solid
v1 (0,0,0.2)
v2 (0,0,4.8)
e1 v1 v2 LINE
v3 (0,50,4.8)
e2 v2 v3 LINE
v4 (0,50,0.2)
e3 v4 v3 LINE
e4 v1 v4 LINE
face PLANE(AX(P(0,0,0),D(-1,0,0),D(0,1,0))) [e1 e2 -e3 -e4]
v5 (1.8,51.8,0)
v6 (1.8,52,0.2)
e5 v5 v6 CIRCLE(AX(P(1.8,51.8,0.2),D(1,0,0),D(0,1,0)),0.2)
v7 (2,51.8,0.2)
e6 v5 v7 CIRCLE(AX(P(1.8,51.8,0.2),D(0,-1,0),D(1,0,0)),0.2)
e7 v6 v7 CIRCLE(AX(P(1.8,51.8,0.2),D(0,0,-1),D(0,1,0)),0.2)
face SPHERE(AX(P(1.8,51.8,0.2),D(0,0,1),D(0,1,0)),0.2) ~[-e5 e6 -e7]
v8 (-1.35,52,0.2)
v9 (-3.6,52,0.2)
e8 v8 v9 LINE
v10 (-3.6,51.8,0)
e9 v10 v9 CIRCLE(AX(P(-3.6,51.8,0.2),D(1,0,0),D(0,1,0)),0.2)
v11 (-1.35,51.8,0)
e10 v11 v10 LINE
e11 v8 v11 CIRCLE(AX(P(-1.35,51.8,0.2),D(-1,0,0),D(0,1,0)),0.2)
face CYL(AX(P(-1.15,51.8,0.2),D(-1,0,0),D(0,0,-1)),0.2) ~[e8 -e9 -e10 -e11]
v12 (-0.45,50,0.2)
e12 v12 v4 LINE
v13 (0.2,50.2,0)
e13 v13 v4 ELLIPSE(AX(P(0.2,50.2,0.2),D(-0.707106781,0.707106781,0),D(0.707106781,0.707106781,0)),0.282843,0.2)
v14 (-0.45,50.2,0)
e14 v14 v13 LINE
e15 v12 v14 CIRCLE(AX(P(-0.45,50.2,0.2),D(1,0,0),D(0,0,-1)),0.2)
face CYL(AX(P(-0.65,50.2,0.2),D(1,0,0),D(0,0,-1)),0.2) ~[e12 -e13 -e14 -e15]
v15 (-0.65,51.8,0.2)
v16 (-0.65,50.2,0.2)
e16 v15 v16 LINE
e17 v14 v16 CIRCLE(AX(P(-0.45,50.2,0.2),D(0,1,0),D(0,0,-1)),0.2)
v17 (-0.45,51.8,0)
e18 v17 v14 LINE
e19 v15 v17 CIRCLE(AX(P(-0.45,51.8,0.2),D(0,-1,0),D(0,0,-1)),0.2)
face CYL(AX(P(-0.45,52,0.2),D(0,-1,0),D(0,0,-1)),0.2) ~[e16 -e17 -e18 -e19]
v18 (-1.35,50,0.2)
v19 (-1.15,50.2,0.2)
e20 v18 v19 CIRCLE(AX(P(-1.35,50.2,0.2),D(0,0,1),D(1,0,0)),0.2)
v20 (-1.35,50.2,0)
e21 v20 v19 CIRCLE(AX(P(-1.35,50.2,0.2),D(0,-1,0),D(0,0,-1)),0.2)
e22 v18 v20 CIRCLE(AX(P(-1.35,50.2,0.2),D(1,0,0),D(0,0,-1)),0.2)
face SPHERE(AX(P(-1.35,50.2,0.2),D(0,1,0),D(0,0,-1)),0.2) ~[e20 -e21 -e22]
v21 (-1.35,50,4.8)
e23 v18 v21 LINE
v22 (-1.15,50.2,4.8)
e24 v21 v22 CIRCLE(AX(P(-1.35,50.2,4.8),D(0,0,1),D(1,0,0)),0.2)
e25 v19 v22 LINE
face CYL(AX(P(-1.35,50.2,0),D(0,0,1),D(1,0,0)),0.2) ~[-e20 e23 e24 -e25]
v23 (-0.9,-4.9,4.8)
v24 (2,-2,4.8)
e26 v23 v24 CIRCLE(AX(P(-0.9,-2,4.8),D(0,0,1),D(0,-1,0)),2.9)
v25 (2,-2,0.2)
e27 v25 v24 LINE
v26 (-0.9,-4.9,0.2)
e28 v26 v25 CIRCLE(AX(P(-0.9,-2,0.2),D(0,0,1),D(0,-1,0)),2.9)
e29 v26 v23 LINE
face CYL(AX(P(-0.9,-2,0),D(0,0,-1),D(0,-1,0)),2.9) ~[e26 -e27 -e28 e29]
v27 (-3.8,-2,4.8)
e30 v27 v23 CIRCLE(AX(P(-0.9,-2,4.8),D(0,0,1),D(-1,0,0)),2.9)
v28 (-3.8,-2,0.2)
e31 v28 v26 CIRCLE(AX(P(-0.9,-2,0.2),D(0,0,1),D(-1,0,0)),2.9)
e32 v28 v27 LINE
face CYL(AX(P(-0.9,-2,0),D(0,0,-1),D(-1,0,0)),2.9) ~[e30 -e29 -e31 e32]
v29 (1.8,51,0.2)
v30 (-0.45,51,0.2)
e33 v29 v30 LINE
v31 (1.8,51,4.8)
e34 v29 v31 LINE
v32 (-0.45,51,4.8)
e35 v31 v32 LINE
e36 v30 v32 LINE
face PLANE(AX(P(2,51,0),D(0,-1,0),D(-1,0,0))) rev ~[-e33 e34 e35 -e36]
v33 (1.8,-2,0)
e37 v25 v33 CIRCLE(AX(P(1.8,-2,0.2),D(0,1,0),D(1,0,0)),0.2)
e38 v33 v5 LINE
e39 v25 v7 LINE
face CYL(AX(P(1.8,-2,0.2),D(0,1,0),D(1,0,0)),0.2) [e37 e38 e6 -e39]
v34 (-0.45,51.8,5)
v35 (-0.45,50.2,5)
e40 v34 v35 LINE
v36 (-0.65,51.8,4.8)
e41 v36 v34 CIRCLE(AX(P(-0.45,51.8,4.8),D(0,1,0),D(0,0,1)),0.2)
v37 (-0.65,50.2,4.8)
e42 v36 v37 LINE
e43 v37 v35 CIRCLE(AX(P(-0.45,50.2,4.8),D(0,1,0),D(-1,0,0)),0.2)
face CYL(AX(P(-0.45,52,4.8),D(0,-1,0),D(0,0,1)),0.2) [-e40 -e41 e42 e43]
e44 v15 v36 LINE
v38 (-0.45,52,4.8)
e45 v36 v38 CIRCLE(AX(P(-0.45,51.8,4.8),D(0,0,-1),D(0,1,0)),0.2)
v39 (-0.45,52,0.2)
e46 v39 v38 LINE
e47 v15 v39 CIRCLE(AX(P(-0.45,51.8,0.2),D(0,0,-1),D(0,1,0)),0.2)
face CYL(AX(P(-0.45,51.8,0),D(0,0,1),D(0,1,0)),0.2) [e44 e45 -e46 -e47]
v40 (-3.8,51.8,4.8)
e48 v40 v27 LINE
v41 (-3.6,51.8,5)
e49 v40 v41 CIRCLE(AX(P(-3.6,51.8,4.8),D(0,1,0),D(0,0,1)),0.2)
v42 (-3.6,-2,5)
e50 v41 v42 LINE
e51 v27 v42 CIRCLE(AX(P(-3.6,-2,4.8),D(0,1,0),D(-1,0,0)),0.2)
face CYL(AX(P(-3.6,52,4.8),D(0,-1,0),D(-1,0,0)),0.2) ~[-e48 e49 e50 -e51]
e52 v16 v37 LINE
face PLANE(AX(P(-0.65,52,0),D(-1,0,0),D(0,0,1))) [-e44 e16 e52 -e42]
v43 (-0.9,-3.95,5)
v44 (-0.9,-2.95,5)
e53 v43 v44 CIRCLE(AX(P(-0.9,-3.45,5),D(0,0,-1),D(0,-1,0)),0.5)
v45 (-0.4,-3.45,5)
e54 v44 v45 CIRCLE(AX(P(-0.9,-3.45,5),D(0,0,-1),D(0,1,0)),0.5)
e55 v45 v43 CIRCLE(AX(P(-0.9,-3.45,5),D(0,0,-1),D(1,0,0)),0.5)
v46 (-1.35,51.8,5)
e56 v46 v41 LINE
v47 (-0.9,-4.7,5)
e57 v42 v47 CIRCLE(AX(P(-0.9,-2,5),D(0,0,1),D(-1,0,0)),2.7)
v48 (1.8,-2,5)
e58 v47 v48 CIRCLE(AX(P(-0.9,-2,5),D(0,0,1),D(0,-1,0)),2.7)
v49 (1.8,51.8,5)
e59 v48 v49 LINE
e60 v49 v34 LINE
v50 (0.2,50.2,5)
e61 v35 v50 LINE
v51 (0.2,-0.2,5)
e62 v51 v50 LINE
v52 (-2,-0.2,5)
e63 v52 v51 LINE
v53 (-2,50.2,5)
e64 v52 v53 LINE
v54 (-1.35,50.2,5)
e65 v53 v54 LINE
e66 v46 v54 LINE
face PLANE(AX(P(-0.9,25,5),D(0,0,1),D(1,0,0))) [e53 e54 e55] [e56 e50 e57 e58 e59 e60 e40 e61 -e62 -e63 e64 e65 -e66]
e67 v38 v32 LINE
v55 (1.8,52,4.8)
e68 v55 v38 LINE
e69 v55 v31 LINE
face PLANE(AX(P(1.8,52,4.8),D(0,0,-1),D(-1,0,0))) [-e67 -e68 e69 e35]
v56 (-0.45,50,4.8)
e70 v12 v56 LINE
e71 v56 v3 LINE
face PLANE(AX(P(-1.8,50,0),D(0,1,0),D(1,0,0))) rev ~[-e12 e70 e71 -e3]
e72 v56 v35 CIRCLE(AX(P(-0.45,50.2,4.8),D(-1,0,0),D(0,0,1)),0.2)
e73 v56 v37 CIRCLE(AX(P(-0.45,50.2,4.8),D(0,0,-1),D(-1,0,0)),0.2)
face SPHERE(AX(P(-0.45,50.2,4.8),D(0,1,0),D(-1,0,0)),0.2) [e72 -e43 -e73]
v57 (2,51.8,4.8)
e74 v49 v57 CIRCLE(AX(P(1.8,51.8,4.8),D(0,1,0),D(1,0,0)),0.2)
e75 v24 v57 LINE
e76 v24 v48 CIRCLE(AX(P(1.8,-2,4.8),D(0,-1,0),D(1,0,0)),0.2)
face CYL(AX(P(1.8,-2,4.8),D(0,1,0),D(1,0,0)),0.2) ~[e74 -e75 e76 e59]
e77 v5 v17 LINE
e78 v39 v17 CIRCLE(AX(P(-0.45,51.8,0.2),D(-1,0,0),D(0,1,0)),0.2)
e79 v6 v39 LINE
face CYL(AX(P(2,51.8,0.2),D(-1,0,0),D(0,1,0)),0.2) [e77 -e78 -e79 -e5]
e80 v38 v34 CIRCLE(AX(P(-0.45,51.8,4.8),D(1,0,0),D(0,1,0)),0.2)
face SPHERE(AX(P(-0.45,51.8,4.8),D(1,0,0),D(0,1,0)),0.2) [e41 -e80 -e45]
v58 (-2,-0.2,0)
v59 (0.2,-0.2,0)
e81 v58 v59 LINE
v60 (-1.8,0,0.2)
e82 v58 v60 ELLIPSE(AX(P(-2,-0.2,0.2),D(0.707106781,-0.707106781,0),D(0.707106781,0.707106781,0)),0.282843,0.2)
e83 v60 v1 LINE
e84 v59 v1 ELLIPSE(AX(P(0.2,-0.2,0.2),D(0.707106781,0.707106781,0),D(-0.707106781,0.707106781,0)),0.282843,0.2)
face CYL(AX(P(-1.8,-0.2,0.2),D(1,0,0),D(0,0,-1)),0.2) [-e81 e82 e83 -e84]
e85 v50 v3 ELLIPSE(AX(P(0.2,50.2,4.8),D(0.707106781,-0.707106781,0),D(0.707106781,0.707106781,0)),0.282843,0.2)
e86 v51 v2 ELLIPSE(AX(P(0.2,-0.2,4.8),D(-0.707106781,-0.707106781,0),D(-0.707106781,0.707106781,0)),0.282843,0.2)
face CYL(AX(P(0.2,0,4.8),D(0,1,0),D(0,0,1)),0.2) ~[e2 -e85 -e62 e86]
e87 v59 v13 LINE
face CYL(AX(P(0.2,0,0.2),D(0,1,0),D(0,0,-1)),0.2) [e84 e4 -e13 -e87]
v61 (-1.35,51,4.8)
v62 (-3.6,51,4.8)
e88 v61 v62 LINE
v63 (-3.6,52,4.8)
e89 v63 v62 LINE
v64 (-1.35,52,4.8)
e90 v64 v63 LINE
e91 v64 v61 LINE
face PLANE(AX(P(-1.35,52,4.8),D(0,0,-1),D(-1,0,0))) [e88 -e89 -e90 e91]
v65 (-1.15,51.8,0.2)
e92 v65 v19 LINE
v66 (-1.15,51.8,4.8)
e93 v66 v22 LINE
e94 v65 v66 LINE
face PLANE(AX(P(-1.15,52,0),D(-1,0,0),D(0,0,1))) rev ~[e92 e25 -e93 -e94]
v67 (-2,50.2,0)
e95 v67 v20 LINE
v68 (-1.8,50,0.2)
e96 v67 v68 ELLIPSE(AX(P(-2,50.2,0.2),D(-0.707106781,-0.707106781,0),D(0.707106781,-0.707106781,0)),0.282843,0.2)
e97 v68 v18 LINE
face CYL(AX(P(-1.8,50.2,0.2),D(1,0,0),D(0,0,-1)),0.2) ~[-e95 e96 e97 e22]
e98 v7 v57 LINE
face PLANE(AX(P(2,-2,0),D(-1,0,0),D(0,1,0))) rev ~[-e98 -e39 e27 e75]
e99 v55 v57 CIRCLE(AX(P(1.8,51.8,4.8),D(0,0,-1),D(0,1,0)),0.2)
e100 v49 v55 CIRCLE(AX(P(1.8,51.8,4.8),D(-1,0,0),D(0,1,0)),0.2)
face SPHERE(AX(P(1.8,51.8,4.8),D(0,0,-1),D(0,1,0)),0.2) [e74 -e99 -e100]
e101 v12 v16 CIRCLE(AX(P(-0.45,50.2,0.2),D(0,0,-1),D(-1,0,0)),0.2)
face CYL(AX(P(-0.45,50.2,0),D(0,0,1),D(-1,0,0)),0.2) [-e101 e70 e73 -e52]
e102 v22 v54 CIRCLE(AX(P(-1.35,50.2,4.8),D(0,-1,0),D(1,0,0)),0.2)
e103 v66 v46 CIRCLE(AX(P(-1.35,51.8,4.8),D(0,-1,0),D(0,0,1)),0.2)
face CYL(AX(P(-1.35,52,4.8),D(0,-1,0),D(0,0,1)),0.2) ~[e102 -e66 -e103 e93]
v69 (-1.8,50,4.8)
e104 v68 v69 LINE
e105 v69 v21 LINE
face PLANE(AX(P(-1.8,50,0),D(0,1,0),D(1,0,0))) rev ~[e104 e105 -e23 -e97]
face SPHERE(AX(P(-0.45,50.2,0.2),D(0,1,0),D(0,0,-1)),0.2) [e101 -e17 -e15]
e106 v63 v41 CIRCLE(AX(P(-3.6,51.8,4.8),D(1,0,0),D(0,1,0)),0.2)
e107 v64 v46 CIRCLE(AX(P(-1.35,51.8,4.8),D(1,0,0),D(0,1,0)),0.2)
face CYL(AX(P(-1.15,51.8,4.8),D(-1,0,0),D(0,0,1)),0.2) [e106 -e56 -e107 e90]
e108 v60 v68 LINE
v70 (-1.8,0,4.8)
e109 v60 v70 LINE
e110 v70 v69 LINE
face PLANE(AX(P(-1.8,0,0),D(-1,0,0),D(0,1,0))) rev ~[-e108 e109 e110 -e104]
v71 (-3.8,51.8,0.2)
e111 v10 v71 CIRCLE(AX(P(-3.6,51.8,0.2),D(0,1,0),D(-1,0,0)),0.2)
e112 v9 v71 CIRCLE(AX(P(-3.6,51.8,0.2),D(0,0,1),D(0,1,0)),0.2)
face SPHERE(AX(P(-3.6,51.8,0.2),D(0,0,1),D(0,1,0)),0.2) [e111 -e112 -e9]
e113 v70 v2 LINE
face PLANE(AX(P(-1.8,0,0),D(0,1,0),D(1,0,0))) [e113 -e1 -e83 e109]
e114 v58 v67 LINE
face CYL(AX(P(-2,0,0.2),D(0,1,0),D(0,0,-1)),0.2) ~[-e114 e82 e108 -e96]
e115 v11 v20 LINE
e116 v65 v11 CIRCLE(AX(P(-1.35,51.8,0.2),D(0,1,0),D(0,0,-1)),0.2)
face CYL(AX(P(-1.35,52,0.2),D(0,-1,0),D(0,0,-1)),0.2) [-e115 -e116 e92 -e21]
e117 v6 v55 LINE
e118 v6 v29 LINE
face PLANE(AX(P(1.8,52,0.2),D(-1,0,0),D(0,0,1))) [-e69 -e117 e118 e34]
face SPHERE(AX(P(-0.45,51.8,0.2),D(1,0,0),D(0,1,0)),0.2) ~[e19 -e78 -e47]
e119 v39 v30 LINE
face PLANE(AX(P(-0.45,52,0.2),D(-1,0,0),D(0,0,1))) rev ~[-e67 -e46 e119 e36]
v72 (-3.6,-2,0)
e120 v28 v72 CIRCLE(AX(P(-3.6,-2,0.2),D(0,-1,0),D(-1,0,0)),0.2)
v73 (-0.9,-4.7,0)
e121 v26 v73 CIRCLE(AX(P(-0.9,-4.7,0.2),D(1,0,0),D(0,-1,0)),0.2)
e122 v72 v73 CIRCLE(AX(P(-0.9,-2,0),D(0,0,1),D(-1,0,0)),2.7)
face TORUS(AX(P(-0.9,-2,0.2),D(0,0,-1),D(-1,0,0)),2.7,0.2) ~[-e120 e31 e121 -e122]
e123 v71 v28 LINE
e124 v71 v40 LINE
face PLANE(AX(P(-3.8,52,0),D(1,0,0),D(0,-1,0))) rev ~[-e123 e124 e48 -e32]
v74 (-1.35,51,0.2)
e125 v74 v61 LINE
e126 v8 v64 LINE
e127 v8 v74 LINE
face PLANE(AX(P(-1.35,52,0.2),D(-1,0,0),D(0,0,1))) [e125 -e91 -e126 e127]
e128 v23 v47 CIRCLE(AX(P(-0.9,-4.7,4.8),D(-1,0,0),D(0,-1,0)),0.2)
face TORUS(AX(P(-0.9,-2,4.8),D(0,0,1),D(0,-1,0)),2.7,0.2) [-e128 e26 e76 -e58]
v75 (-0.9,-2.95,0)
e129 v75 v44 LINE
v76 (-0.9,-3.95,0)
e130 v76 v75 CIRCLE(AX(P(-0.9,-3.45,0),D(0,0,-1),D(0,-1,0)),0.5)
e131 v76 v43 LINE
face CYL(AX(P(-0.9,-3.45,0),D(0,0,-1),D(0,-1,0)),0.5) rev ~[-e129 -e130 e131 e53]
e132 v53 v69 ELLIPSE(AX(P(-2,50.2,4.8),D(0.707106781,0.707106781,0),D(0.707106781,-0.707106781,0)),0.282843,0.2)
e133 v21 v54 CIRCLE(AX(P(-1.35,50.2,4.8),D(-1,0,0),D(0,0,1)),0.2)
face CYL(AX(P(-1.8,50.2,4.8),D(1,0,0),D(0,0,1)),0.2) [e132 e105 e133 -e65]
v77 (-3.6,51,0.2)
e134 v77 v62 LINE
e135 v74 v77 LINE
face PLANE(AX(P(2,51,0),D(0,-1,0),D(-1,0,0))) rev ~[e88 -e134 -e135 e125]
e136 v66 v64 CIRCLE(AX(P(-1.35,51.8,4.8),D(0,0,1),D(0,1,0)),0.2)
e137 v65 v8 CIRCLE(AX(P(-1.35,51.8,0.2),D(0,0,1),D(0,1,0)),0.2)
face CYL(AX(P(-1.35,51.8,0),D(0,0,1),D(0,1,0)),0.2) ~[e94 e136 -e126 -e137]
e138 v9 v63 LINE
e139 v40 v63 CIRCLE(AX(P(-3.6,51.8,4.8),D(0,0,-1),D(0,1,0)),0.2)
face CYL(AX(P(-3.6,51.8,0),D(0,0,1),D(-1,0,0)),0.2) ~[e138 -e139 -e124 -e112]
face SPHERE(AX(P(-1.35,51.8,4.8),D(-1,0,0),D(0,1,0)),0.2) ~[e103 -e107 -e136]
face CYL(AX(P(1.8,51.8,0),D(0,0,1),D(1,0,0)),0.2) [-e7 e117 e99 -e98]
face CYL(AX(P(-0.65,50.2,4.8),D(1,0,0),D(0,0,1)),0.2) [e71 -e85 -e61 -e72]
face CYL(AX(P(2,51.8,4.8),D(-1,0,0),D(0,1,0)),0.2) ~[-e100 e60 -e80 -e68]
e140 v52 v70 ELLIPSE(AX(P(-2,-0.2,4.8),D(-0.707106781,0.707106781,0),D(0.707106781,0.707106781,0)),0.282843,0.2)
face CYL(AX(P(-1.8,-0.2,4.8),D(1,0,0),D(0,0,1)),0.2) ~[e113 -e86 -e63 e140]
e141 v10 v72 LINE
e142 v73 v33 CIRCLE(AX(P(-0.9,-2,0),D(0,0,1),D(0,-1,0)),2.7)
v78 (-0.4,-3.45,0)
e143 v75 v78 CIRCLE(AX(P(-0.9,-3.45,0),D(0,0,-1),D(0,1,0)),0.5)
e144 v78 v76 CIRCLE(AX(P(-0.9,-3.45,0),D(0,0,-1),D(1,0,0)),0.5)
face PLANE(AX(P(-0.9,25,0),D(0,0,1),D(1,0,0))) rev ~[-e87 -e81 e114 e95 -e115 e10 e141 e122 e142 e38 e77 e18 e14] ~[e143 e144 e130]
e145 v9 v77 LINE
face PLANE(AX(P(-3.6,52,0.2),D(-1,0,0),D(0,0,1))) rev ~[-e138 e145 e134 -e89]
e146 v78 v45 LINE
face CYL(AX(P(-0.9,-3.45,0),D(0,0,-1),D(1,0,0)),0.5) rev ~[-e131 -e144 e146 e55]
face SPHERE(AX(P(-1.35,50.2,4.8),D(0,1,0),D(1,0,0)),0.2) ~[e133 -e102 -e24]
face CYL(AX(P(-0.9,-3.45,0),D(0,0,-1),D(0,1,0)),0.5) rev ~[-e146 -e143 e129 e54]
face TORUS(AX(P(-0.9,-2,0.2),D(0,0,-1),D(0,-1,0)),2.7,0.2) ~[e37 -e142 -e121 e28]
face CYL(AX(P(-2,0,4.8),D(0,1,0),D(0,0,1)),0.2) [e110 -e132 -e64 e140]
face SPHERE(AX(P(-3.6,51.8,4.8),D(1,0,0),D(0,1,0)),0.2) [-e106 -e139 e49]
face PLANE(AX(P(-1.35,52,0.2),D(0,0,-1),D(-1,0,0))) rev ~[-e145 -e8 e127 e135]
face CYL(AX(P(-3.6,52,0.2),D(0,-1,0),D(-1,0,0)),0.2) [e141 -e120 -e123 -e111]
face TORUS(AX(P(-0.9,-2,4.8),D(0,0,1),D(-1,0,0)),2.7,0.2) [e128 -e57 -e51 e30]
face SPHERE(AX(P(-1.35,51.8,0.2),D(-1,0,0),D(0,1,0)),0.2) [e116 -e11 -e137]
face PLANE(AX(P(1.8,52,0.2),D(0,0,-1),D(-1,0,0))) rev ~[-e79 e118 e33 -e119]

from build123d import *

# Parameters (mm, degrees)
F0_W     = 1.8
F0_H     = 50
F1_DEPTH = 5
F2_W     = 0.5
F2_H     = 5
F3_DEPTH = 2
F4_R     = 0.2
F5_DEPTH = 1


with BuildPart() as f1:
    # F0 (on Top) → F1 (new body)
    with BuildSketch(Plane.XY):
        Polygon((2, -2), (2, 52), (-3.8, 52), (-3.8, -2), (-0.9, -2), align=None)
        with Locations((-0.9, 25)):
            Rectangle(F0_W, F0_H, mode=Mode.SUBTRACT)
        with BuildLine():
            ThreePointArc((-0.9, -4.9), (1.1506096654, -4.0506096654), (2, -2))
            Line((2, -2), (-0.9, -2))
            Line((-0.9, -2), (-0.9, -2.95))
            ThreePointArc((-0.9, -2.95), (-0.5464466094, -3.0964466094), (-0.4, -3.45))
            ThreePointArc((-0.4, -3.45), (-0.5464466094, -3.8035533906), (-0.9, -3.95))
            Line((-0.9, -3.95), (-0.9, -4.9))
        make_face()
        with BuildLine():
            Line((-0.9, -2.95), (-0.9, -2))
            Line((-0.9, -2), (-3.8, -2))
            ThreePointArc((-3.8, -2), (-2.9506096654, -4.0506096654), (-0.9, -4.9))
            Line((-0.9, -4.9), (-0.9, -3.95))
            ThreePointArc((-0.9, -3.95), (-1.4, -3.45), (-0.9, -2.95))
        make_face()
    extrude(amount=F1_DEPTH)

    # F2 (on face) → F3 (cut)
    with BuildSketch(Plane(origin=(0, 52, 0), x_dir=(-1, 0, 0), z_dir=(0, 1, 0))):
        with Locations((0.9, 2.5)):
            Rectangle(F2_W, F2_H)
    extrude(amount=-F3_DEPTH, mode=Mode.SUBTRACT)

    # F4
    f4_edges = [f1.edges().sort_by_distance(p)[0] for p in [
        (2, 52, 2.5),
        (0.675, 52, 0),
        (0.675, 52, 5),
        (-2.475, 52, 5),
        (-3.8, 52, 2.5),
        (-2.475, 52, 0),
        (-0.65, 52, 2.5),
        (-1.15, 52, 2.5),
        (-1.15, 51, 5),
        (-0.65, 51, 5),
        (-0.65, 51, 0),
        (-1.15, 51, 0),
        (-1.475, 50, 0),
        (-1.15, 50, 2.5),
        (-0.325, 50, 0),
        (-0.65, 50, 2.5),
        (-1.475, 50, 5),
        (-0.325, 50, 5),
        (2, 25, 5),
        (2, 25, 0),
        (-1.8, 25, 5),
        (-1.8, 25, 0),
        (0, 25, 5),
        (0, 25, 0),
        (-0.9, 0, 0),
        (-0.9, 0, 5),
    ]]
    fillet(f4_edges, radius=F4_R)

    # F5 (cut): faces of the model
    f5_faces = [f1.faces().sort_by_distance(p)[0] for p in [
        (-2.475, 52, 2.5),
        (0.675, 52, 2.5),
    ]]
    extrude(f5_faces, amount=-F5_DEPTH, mode=Mode.SUBTRACT)


solid = f1.part
